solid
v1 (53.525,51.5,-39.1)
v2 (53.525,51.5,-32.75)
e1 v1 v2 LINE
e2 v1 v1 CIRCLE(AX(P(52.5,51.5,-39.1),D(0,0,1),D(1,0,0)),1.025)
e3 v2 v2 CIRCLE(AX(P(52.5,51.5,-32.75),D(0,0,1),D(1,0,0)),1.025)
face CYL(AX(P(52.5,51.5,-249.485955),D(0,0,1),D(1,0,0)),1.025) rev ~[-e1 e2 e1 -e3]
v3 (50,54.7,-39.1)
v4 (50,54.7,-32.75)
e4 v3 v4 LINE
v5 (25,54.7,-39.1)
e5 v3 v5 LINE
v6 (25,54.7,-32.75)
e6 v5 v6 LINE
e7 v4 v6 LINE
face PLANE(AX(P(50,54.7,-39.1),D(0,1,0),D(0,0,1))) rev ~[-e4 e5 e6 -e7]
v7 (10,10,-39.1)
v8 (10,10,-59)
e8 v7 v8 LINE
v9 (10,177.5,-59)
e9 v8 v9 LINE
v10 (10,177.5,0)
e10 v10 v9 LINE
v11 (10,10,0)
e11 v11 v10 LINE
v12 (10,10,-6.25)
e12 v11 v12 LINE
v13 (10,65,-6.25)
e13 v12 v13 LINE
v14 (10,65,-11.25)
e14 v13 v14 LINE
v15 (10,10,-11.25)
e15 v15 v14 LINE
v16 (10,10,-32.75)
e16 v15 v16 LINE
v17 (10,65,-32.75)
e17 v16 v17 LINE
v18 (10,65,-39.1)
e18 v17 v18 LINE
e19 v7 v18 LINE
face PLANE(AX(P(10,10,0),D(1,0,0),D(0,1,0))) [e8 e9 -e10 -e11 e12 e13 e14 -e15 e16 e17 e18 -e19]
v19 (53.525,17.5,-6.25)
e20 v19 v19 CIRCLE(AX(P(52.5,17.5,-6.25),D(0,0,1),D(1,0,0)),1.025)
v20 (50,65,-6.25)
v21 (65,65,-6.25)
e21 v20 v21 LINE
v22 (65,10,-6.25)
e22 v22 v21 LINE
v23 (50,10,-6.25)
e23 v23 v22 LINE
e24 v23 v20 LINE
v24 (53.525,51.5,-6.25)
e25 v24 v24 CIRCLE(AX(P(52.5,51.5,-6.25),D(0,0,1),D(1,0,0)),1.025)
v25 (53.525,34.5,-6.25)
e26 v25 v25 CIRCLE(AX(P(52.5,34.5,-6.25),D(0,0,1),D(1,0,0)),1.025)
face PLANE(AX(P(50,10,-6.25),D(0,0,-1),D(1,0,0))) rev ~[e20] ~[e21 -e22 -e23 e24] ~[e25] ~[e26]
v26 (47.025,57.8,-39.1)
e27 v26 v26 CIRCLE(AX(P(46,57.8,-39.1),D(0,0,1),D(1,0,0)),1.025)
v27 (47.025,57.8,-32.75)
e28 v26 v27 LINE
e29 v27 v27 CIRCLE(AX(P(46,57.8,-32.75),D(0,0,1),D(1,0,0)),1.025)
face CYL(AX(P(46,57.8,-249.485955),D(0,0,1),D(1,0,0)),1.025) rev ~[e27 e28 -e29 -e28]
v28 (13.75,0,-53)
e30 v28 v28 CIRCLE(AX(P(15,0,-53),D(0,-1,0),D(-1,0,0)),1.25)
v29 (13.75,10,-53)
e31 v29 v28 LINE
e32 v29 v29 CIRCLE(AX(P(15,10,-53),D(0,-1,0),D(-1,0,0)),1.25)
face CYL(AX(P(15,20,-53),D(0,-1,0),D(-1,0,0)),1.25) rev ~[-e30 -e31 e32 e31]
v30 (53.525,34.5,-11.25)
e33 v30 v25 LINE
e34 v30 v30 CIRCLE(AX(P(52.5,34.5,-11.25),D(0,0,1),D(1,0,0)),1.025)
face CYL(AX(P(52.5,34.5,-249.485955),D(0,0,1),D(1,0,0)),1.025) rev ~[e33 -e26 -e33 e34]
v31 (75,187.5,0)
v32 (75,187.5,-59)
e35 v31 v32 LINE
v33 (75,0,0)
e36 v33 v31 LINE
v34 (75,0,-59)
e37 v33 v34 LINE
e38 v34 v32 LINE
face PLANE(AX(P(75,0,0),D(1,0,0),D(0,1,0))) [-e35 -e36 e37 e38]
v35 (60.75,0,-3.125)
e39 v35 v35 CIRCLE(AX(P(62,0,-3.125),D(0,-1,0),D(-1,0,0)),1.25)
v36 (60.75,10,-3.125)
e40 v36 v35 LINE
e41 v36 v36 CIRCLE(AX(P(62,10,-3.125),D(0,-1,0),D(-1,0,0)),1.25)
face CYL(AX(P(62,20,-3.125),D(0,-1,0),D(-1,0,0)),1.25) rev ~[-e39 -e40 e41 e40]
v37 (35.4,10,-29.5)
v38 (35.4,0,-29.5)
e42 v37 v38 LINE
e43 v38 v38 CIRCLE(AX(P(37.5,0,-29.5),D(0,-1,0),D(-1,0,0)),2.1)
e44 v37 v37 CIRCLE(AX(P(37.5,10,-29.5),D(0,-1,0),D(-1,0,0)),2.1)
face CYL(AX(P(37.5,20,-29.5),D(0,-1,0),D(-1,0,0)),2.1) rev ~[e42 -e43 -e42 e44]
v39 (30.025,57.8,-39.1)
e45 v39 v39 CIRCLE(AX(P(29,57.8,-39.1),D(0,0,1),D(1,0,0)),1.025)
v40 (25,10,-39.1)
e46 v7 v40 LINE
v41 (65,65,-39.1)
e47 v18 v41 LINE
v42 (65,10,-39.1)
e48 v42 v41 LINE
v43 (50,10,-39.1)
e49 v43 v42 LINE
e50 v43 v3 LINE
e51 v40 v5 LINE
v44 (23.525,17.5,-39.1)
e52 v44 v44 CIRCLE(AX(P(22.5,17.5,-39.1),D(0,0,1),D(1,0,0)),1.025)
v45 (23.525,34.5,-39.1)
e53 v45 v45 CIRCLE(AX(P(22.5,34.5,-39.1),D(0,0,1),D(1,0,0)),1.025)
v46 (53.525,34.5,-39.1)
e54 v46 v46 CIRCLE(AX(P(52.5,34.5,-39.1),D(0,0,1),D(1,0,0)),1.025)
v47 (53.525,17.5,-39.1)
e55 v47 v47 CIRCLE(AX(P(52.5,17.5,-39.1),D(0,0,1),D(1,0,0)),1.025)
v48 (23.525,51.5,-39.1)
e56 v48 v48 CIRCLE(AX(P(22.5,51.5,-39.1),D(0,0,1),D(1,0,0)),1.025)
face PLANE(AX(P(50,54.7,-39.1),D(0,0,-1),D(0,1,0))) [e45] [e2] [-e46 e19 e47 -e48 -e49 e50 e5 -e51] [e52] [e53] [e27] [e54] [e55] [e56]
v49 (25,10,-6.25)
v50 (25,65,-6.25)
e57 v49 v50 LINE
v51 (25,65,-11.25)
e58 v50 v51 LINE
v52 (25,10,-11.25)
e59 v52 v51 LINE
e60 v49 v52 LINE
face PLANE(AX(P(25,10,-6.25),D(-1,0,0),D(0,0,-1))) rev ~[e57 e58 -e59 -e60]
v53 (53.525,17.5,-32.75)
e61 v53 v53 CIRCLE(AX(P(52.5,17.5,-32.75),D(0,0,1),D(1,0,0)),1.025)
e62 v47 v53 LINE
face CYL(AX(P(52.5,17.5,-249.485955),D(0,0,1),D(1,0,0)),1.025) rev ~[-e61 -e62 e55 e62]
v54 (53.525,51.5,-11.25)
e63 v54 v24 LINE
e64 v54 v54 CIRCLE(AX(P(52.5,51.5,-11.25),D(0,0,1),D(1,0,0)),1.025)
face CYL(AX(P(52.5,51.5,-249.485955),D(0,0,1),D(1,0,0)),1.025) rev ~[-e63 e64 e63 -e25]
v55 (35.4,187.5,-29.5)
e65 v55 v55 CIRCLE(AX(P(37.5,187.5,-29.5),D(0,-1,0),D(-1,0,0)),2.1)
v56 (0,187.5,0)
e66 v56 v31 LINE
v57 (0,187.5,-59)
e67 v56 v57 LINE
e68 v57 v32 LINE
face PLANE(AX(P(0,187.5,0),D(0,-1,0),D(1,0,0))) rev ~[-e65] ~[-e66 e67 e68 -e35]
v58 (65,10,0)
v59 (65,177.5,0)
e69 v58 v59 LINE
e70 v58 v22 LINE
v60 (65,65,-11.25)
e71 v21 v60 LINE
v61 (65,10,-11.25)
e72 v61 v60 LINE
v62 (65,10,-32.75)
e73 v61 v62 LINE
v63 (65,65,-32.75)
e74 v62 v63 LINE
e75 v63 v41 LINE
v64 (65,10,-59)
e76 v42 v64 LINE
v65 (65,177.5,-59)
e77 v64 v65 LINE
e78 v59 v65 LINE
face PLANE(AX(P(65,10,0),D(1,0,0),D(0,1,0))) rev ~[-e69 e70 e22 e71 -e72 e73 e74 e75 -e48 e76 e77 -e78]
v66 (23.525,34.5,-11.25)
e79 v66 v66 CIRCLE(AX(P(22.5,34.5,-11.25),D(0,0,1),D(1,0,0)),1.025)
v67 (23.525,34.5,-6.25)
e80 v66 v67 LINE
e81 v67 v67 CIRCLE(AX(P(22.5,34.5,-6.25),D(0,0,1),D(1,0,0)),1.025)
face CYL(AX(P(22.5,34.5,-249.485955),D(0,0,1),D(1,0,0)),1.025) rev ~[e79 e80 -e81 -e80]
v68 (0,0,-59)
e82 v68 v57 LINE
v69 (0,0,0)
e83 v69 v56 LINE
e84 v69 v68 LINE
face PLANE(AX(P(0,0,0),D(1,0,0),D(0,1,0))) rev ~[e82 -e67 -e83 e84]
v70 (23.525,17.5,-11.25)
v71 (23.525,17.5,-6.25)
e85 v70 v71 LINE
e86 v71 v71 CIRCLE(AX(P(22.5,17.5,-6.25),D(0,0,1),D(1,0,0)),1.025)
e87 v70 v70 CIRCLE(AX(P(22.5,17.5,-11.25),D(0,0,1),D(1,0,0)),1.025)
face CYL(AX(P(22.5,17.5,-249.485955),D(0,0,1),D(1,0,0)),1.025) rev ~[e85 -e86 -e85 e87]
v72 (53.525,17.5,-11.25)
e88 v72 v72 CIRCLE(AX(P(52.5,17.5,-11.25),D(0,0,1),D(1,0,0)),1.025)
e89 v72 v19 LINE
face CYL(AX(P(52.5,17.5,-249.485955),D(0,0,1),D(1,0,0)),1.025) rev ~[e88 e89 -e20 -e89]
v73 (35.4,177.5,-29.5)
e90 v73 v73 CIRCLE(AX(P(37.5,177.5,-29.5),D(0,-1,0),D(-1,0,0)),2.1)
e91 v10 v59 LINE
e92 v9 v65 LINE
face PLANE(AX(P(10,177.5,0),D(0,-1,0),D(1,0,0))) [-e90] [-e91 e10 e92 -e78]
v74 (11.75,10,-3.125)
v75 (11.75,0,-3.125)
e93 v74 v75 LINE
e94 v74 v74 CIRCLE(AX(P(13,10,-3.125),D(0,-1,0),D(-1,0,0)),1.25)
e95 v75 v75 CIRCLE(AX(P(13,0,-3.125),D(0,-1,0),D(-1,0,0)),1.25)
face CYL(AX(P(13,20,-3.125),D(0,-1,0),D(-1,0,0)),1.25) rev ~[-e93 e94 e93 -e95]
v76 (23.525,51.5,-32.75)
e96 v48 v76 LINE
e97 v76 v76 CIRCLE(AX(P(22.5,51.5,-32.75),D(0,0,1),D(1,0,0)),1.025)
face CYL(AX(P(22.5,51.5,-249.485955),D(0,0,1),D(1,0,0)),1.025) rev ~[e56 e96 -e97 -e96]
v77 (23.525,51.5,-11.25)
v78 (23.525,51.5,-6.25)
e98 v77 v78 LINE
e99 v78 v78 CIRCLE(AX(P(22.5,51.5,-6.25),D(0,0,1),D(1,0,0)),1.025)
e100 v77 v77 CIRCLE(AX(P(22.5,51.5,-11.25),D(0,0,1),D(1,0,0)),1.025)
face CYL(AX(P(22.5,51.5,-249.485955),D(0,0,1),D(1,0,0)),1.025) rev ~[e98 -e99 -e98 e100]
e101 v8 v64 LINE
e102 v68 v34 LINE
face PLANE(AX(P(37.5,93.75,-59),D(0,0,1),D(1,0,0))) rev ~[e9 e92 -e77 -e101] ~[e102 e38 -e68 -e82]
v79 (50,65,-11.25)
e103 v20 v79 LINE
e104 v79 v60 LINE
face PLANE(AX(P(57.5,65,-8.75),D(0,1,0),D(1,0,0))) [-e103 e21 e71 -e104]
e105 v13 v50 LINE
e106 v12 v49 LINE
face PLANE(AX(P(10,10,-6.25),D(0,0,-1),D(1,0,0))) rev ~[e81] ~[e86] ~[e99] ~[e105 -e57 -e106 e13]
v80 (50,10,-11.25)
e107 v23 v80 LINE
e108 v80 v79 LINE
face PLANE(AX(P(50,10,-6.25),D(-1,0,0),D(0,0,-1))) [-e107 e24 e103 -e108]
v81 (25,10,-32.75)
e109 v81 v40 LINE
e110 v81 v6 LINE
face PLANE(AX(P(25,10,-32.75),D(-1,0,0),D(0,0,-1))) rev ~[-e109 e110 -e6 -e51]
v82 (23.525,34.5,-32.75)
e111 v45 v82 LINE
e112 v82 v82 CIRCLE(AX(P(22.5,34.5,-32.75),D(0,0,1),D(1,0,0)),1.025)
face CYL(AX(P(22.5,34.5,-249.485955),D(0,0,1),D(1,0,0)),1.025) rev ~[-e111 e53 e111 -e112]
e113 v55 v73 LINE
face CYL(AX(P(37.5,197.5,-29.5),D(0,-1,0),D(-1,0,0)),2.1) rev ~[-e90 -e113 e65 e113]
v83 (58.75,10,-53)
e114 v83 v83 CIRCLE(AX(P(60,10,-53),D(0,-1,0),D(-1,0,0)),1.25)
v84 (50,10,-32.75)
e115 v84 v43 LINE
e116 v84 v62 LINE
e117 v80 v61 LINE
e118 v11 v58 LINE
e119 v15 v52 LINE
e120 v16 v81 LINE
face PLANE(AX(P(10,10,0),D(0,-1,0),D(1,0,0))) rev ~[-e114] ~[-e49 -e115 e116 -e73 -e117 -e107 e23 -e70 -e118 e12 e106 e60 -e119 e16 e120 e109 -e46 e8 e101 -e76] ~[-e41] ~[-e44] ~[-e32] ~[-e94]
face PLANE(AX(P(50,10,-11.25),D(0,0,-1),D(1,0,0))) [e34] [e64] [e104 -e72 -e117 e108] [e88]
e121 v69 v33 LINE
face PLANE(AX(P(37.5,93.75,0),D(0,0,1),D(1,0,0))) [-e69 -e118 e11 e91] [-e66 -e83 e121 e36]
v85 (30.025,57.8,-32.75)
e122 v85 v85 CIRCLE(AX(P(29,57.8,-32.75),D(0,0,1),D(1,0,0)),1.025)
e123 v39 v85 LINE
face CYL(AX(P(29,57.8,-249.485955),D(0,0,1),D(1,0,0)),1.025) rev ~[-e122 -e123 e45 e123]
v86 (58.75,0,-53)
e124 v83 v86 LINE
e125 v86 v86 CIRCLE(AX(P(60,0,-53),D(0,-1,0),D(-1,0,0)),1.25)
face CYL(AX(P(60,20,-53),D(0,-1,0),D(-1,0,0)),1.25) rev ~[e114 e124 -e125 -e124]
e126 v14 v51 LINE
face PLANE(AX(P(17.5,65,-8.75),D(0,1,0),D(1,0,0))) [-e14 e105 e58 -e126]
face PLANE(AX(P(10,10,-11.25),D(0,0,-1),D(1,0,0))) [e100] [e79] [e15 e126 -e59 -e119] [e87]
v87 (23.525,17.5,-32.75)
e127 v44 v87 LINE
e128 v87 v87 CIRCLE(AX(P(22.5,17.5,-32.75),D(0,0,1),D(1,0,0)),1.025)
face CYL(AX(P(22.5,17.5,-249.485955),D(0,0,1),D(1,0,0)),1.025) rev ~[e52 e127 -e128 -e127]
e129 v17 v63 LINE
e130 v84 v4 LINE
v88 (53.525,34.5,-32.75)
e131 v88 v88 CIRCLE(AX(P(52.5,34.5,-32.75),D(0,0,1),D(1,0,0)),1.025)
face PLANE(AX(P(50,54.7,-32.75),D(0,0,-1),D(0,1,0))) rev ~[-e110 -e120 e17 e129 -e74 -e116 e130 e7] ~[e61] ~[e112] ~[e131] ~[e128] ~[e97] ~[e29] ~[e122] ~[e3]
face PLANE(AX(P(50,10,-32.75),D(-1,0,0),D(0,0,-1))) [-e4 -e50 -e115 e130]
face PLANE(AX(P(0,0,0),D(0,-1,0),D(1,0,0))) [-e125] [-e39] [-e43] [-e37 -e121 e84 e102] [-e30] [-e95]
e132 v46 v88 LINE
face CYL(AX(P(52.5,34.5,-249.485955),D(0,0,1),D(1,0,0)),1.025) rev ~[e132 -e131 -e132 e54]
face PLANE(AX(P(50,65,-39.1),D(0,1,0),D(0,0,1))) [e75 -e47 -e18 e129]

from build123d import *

# Parameters (mm, degrees)
SKETCH1_W                       = 75
SKETCH1_H                       = 187.5
SKETCH1_W_2                     = 55
SKETCH1_H_2                     = 167.5
BOSS_EXTRUDE1_DEPTH             = 59
TAP_DRILL_FOR_M5X0_8_TAP2_D     = 4.2
TAP_DRILL_FOR_M5X0_8_TAP2_DEPTH = 10
TAP_DRILL_FOR_M5X0_8_TAP3_D     = 4.2
TAP_DRILL_FOR_M5X0_8_TAP3_DEPTH = 10
TAP_DRILL_FOR_M5X0_8_TAP3_TIP   = 1.2618073
SKETCH13_W                      = 15
SKETCH13_H                      = 6.35
SKETCH13_H_2                    = 5
BOSS_EXTRUDE2_DEPTH             = 55
SKETCH14_W                      = 6.35
SKETCH14_H                      = 10.3
BOSS_EXTRUDE3_DEPTH             = 25
TAP_DRILL_FOR_M2_5X0_45_TAP1_D  = 2.05
TAP_DRILL_FOR_M3X0_5_TAP1_D     = 2.5
TAP_DRILL_FOR_M3X0_5_TAP1_DEPTH = 10


with BuildPart() as part:
    # Sketch1 → Boss-Extrude1 (new body)
    with BuildSketch(Plane.XY):
        with Locations((37.5, 93.75)):
            Rectangle(SKETCH1_W, SKETCH1_H)
        with Locations((37.5, 93.75)):
            Rectangle(SKETCH1_W_2, SKETCH1_H_2, mode=Mode.SUBTRACT)
    extrude(amount=-BOSS_EXTRUDE1_DEPTH)

    # Tap Drill for M5x0.8 Tap2
    with Locations(Plane(origin=(0, 10, 0), x_dir=(1, 0, 0), z_dir=(0, 1, 0))):
        with Locations((37.5, 29.5)):
            Hole(TAP_DRILL_FOR_M5X0_8_TAP2_D / 2, depth=TAP_DRILL_FOR_M5X0_8_TAP2_DEPTH)

    # Tap Drill for M5x0.8 Tap3
    with Locations(Plane(origin=(0, 187.5, 0), x_dir=(1, 0, 0), z_dir=(0, 1, 0))):
        with Locations((37.5, 29.5)):
            Hole(TAP_DRILL_FOR_M5X0_8_TAP3_D / 2, depth=TAP_DRILL_FOR_M5X0_8_TAP3_DEPTH)
            with Locations((0, 0, -(TAP_DRILL_FOR_M5X0_8_TAP3_DEPTH + TAP_DRILL_FOR_M5X0_8_TAP3_TIP / 2))):  # 118° drill point
                Cone(0, TAP_DRILL_FOR_M5X0_8_TAP3_D / 2, TAP_DRILL_FOR_M5X0_8_TAP3_TIP, mode=Mode.SUBTRACT)

    # Sketch13 → Boss-Extrude2 (add)
    with BuildSketch(Plane(origin=(0, 10, 0), x_dir=(1, 0, 0), z_dir=(0, 1, 0))):
        with Locations((57.5, 35.925)):
            Rectangle(SKETCH13_W, SKETCH13_H)
        with Locations((17.5, 35.925)):
            Rectangle(SKETCH13_W, SKETCH13_H)
        with Locations((17.5, 8.75)):
            Rectangle(SKETCH13_W, SKETCH13_H_2)
        with Locations((57.5, 8.75)):
            Rectangle(SKETCH13_W, SKETCH13_H_2)
    extrude(amount=BOSS_EXTRUDE2_DEPTH)

    # Sketch14 → Boss-Extrude3 (add)
    with BuildSketch(Plane.ZY.offset(-50)):
        with Locations((-35.925, 59.85)):
            Rectangle(SKETCH14_W, SKETCH14_H)
    extrude(amount=BOSS_EXTRUDE3_DEPTH)

    # Tap Drill for M2.5x0.45 Tap1 (through all)
    with Locations(Plane(origin=(0, 0, -39.1), x_dir=(-1, 0, 0), z_dir=(0, 0, -1))):
        with Locations((-46, 57.8), (-52.5, 51.5), (-52.5, 34.5), (-52.5, 17.5), (-22.5, 17.5), (-22.5, 34.5), (-22.5, 51.5), (-29, 57.8)):
            Hole(TAP_DRILL_FOR_M2_5X0_45_TAP1_D / 2)

    # Tap Drill for M3x0.5 Tap1
    with Locations(Plane(origin=(0, 10, 0), x_dir=(1, 0, 0), z_dir=(0, 1, 0))):
        with Locations((13, 3.125), (62, 3.125), (60, 53), (15, 53)):
            Hole(TAP_DRILL_FOR_M3X0_5_TAP1_D / 2, depth=TAP_DRILL_FOR_M3X0_5_TAP1_DEPTH)


solid = part.part
